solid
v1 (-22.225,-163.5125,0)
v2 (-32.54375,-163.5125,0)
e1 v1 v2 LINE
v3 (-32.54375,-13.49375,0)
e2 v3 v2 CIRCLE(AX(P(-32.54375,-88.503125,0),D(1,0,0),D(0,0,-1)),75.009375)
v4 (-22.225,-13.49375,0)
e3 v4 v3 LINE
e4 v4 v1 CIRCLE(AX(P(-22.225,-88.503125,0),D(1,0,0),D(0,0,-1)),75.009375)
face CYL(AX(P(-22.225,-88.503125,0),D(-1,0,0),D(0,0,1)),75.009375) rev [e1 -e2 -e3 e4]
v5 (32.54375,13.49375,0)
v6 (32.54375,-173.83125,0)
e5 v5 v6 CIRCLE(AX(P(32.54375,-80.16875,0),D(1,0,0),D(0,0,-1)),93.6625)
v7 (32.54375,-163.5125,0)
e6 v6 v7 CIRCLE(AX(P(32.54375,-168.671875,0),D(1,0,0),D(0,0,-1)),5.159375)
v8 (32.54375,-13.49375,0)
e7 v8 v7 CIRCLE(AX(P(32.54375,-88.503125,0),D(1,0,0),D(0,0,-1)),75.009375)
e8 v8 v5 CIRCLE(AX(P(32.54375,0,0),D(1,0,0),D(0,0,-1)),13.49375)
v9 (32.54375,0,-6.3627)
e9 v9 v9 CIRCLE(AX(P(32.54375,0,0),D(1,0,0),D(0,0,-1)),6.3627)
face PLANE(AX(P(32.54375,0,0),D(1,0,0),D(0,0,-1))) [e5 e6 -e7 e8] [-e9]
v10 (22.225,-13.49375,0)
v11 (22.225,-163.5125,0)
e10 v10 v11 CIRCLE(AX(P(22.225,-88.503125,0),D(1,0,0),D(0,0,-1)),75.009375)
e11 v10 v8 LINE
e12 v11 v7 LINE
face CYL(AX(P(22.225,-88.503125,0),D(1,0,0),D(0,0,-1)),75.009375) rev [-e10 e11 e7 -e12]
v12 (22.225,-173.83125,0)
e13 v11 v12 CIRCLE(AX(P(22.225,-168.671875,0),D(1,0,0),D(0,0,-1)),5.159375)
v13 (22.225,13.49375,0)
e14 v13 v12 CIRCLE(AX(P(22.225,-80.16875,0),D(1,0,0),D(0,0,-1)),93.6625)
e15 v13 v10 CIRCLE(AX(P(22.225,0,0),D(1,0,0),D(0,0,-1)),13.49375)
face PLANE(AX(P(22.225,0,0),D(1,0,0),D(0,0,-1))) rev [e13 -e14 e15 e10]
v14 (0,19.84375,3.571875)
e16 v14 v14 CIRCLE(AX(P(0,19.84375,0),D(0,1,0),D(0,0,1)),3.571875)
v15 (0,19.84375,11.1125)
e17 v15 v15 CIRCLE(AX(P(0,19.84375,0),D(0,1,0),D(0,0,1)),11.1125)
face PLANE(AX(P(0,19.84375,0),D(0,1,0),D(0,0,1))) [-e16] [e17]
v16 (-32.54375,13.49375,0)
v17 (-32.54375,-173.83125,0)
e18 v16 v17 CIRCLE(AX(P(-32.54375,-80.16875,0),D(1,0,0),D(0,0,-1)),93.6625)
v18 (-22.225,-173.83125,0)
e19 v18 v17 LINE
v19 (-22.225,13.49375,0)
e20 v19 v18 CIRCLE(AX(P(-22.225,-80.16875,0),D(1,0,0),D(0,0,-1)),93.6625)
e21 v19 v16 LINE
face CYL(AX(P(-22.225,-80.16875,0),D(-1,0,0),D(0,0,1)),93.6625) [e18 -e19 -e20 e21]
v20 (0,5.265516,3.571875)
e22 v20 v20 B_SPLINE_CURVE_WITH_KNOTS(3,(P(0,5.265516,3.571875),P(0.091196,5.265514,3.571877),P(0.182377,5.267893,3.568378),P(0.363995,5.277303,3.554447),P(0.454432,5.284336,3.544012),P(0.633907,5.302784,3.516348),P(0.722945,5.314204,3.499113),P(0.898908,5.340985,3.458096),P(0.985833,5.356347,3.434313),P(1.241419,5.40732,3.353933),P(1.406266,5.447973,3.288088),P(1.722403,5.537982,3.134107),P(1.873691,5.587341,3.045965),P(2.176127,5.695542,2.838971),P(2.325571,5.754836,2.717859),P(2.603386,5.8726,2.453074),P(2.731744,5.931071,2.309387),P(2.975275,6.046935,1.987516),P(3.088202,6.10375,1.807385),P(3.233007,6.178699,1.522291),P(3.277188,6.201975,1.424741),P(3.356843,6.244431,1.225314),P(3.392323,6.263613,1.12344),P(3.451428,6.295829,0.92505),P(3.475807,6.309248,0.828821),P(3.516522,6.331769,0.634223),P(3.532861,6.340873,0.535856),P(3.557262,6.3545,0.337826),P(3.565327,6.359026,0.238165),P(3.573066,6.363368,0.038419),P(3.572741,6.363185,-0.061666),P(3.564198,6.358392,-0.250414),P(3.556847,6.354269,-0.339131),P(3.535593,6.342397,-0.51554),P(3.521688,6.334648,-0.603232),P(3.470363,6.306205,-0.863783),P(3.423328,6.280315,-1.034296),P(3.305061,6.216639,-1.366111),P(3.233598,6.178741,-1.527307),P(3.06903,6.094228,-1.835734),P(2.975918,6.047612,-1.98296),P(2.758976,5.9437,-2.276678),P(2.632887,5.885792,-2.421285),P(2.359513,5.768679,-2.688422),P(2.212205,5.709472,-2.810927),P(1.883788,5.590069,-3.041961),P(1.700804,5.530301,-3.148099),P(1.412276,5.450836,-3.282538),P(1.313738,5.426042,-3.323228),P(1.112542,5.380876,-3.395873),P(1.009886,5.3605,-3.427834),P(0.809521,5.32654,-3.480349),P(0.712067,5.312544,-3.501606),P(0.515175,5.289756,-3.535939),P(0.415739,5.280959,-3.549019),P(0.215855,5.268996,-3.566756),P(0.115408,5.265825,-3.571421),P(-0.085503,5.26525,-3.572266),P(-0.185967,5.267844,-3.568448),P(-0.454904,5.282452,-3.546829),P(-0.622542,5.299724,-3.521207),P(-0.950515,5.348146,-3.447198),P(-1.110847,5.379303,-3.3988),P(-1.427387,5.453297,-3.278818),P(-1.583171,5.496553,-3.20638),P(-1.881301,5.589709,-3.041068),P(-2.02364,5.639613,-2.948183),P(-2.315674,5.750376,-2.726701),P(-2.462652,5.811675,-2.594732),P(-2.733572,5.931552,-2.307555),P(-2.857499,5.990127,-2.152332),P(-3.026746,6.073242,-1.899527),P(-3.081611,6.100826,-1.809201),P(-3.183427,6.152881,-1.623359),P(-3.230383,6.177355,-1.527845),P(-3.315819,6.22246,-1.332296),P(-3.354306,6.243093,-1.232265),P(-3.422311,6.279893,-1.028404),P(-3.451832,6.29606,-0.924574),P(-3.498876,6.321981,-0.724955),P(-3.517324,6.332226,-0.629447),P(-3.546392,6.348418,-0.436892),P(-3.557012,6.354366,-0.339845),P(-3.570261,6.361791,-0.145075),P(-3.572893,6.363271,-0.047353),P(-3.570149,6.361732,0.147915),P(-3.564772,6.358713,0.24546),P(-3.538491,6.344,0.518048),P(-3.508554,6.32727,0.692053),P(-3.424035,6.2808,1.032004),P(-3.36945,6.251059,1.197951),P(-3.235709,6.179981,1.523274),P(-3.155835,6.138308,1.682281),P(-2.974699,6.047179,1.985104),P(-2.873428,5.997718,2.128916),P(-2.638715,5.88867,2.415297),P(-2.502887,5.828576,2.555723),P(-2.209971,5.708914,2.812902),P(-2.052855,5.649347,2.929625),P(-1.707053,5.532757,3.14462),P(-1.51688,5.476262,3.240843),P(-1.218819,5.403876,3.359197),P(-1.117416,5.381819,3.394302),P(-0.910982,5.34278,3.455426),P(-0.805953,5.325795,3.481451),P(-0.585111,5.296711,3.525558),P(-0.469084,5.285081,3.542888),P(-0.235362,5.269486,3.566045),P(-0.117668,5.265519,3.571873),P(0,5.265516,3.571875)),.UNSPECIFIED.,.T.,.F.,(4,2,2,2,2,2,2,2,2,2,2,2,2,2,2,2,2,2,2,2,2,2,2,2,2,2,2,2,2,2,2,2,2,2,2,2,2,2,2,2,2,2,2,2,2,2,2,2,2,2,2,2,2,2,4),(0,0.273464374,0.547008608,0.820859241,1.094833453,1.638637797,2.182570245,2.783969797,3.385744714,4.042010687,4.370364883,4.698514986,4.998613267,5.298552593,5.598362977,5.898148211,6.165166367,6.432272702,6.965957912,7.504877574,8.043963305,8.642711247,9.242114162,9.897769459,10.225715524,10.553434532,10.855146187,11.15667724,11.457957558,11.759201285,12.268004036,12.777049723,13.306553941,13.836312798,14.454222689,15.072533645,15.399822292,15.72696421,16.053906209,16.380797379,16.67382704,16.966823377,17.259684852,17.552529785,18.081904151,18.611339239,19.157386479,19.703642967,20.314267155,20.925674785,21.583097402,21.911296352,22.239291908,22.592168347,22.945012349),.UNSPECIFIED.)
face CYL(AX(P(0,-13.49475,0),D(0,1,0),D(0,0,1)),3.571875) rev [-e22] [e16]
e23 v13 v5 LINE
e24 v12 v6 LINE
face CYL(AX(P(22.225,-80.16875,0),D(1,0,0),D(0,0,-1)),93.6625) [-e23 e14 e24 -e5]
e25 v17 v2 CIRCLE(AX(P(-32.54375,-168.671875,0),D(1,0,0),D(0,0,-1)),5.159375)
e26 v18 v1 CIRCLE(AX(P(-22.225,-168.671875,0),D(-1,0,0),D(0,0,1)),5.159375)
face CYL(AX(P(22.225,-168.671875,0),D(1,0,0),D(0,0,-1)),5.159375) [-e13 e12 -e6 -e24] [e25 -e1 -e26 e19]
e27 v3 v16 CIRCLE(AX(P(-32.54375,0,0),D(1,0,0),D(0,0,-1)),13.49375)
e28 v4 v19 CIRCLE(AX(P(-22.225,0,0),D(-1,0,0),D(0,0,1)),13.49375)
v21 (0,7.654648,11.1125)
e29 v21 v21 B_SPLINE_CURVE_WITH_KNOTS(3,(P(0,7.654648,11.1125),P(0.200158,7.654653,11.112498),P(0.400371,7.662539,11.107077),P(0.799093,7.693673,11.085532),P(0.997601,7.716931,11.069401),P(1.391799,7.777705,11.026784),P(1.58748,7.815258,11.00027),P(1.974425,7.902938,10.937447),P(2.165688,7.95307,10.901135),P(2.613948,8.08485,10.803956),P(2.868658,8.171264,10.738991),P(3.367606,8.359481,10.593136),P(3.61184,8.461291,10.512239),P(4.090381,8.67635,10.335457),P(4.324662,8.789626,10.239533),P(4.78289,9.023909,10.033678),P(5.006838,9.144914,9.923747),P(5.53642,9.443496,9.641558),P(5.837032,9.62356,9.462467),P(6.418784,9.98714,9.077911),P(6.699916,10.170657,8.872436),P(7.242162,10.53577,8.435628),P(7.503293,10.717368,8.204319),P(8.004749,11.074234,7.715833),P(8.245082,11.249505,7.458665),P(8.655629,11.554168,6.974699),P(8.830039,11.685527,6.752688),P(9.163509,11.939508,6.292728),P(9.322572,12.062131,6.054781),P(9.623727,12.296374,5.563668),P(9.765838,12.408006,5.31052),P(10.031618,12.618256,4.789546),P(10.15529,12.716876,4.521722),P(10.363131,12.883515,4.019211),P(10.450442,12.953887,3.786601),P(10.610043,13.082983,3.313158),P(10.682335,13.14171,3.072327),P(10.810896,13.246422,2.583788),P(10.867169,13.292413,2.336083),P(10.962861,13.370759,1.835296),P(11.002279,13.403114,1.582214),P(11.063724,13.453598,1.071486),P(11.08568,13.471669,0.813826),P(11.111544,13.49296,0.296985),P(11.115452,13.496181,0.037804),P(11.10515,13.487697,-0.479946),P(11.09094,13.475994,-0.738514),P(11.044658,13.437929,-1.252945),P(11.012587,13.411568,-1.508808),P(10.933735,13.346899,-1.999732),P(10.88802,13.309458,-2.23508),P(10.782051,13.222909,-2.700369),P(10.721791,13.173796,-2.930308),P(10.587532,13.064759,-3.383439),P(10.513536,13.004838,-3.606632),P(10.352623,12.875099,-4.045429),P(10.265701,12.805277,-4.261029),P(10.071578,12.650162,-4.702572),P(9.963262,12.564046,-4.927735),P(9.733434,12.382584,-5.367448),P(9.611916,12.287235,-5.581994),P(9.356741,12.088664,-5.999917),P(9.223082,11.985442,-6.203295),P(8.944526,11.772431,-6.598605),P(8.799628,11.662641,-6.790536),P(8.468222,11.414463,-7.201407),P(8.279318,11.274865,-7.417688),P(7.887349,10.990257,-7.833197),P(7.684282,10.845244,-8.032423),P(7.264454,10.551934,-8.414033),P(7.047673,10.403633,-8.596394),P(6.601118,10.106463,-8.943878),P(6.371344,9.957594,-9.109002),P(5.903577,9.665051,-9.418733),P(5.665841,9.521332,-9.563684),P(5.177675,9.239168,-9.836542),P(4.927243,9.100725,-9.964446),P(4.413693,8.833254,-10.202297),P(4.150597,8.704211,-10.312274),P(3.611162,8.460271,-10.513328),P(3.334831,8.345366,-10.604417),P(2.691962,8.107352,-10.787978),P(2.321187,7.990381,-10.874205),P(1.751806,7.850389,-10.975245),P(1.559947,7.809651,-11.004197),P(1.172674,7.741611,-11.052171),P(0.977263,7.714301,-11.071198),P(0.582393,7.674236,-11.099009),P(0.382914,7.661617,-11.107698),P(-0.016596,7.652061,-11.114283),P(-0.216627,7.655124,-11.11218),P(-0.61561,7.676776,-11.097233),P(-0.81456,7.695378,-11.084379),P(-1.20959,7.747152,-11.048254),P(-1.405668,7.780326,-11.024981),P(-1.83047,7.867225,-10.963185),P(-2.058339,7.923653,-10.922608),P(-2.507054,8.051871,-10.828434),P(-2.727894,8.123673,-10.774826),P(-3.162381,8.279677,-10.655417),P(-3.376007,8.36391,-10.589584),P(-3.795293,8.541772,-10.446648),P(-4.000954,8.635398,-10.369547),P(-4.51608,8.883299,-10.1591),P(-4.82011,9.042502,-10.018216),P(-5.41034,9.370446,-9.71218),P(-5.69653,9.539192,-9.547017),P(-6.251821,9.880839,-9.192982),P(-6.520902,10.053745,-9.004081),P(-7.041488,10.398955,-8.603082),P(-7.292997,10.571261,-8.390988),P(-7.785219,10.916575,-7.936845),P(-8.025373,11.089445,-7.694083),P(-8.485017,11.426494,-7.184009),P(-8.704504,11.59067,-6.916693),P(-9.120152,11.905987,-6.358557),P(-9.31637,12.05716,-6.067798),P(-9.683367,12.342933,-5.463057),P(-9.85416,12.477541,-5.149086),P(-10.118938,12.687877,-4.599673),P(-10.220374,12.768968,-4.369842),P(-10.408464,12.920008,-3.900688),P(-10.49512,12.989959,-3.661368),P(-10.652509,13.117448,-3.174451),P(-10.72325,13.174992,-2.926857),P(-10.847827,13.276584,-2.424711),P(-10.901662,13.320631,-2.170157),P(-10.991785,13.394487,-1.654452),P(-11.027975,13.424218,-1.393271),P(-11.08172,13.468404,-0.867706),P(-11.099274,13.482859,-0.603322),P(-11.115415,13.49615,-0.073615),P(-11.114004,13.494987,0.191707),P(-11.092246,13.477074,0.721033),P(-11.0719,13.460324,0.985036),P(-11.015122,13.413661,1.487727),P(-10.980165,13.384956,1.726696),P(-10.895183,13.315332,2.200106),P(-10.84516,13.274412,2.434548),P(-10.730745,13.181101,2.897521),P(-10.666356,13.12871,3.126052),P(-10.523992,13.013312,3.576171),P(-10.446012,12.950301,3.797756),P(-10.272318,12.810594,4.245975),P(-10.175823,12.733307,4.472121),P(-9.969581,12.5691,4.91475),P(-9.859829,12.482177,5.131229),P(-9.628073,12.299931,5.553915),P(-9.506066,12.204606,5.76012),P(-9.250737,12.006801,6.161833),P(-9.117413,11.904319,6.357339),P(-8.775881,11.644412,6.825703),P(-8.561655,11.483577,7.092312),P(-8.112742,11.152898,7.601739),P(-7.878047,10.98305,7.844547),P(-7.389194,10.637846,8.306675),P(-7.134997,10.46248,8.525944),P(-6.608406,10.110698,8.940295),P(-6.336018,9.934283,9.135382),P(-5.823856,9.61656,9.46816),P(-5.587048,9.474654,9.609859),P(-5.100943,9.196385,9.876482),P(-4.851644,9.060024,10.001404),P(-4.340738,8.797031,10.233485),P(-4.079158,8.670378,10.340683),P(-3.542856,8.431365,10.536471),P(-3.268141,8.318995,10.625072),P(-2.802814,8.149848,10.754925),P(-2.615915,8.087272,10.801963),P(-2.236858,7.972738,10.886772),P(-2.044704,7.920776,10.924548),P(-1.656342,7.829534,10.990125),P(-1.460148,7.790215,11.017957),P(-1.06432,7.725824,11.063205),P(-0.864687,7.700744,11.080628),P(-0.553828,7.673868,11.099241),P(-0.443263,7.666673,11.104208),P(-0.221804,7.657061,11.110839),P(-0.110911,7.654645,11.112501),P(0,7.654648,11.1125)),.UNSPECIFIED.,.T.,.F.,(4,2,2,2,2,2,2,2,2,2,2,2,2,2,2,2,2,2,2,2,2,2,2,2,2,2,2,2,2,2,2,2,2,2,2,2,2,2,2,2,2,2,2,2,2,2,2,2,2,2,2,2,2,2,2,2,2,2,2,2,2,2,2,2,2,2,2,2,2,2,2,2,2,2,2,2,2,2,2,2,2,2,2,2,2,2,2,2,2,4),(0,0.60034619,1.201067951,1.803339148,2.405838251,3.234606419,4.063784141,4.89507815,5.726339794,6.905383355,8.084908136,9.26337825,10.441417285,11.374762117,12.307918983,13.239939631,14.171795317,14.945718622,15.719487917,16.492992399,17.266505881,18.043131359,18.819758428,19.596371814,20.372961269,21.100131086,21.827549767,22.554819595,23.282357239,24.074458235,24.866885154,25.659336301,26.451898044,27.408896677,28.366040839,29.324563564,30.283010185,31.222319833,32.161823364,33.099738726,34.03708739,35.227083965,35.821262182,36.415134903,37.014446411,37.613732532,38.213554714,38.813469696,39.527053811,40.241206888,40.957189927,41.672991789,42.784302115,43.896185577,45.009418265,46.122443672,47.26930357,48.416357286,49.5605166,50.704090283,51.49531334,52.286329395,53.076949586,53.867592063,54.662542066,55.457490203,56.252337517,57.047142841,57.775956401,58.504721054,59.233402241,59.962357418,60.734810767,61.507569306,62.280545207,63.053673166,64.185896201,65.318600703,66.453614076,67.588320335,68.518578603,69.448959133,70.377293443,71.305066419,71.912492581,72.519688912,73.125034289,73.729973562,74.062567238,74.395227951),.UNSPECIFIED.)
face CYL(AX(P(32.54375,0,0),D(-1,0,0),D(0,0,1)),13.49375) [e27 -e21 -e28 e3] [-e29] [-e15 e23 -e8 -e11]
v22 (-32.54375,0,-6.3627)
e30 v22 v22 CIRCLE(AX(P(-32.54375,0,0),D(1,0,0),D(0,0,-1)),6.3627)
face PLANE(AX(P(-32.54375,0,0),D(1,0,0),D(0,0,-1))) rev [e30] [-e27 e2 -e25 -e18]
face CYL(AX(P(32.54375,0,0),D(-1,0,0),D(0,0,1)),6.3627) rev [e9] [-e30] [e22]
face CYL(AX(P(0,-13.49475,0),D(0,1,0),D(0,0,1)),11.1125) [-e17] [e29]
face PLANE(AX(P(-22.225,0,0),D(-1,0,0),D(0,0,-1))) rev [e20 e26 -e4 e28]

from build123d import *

# Parameters (mm, degrees)
SKETCH2_R           = 13.49375
SKETCH2_R_2         = 6.3627
BOSS_EXTRUDE1_DEPTH = 32.54375
BOSS_EXTRUDE2_REACH = 35.337
SKETCH3_R           = 11.1125
SKETCH3_R_2         = 3.571875
CUT_EXTRUDE1_REACH  = 35.338
SKETCH3_2_R         = 3.571875
SKETCH4_R           = 13.49375
SKETCH4_R_2         = 6.3627
SKETCH4_R_3         = 5.159375
BOSS_EXTRUDE3_DEPTH = 10.31875
BOSS_EXTRUDE4_REACH = 67.088
SKETCH4_3_R         = 5.159375


with BuildPart() as part:
    # Sketch2 → Boss-Extrude1 (new body, symmetric)
    with BuildSketch(Plane(origin=(0, 0, 0), x_dir=(0, 0, -1), z_dir=(1, 0, 0))):
        Circle(SKETCH2_R)
        Circle(SKETCH2_R_2, mode=Mode.SUBTRACT)
    extrude(amount=BOSS_EXTRUDE1_DEPTH, both=True)

    # Sketch3 → Boss-Extrude2 (add, up to next)
    with BuildSketch(Plane(origin=(0, 19.84375, 0), x_dir=(1, 0, 0), z_dir=(0, 1, 0)), mode=Mode.PRIVATE) as boss_extrude2_sk1:
        Circle(SKETCH3_R)
        Circle(SKETCH3_R_2, mode=Mode.SUBTRACT)
    boss_extrude2_tool1 = extrude(boss_extrude2_sk1.sketch, amount=-BOSS_EXTRUDE2_REACH, mode=Mode.PRIVATE) - part.part
    add(boss_extrude2_tool1.solids().sort_by_distance((-10.798191, 19.84375, 0))[0])

    # Sketch3<2> → Cut-Extrude1 (cut, up to next)
    with BuildSketch(Plane(origin=(0, 19.84375, 0), x_dir=(1, 0, 0), z_dir=(0, 1, 0)), mode=Mode.PRIVATE) as cut_extrude1_sk1:
        Circle(SKETCH3_2_R)
    cut_extrude1_tool1 = extrude(cut_extrude1_sk1.sketch, amount=-CUT_EXTRUDE1_REACH, mode=Mode.PRIVATE) & part.part
    add(cut_extrude1_tool1.solids().sort_by_distance((0, 19.84375, 0))[0], mode=Mode.SUBTRACT)

    # Sketch4 → Boss-Extrude3 (add)
    with BuildSketch(Plane(origin=(32.54375, 0, 0), x_dir=(0, 0, -1), z_dir=(1, 0, 0))):
        with BuildLine():
            ThreePointArc((0, -13.49375), (-13.49375, 0), (0, 13.49375))
            ThreePointArc((0, 13.49375), (-93.6625, -80.16875), (0, -173.83125))
            ThreePointArc((0, -173.83125), (-5.159375, -168.671875), (0, -163.5125))
            ThreePointArc((0, -163.5125), (-75.009375, -88.503125), (0, -13.49375))
        make_face()
        Circle(SKETCH4_R)
        Circle(SKETCH4_R_2, mode=Mode.SUBTRACT)
        with Locations((0, -168.671875)):
            Circle(SKETCH4_R_3)
    boss_extrude3 = extrude(amount=-BOSS_EXTRUDE3_DEPTH)

    # Mirror1: Boss-Extrude3 across plane
    add(boss_extrude3.mirror(Plane(origin=(0, 0, 0), x_dir=(0, 0, 1), z_dir=(1, 0, 0))))

    # Sketch4<3> → Boss-Extrude4 (add, up to next)
    with BuildSketch(Plane(origin=(32.54375, 0, 0), x_dir=(0, 0, -1), z_dir=(1, 0, 0)), mode=Mode.PRIVATE) as boss_extrude4_sk1:
        with Locations((0, -168.671875)):
            Circle(SKETCH4_3_R)
    boss_extrude4_tool1 = extrude(boss_extrude4_sk1.sketch, amount=-BOSS_EXTRUDE4_REACH, mode=Mode.PRIVATE) - part.part
    add(boss_extrude4_tool1.solids().sort_by_distance((32.54375, -168.671875, 0))[0])


solid = part.part
